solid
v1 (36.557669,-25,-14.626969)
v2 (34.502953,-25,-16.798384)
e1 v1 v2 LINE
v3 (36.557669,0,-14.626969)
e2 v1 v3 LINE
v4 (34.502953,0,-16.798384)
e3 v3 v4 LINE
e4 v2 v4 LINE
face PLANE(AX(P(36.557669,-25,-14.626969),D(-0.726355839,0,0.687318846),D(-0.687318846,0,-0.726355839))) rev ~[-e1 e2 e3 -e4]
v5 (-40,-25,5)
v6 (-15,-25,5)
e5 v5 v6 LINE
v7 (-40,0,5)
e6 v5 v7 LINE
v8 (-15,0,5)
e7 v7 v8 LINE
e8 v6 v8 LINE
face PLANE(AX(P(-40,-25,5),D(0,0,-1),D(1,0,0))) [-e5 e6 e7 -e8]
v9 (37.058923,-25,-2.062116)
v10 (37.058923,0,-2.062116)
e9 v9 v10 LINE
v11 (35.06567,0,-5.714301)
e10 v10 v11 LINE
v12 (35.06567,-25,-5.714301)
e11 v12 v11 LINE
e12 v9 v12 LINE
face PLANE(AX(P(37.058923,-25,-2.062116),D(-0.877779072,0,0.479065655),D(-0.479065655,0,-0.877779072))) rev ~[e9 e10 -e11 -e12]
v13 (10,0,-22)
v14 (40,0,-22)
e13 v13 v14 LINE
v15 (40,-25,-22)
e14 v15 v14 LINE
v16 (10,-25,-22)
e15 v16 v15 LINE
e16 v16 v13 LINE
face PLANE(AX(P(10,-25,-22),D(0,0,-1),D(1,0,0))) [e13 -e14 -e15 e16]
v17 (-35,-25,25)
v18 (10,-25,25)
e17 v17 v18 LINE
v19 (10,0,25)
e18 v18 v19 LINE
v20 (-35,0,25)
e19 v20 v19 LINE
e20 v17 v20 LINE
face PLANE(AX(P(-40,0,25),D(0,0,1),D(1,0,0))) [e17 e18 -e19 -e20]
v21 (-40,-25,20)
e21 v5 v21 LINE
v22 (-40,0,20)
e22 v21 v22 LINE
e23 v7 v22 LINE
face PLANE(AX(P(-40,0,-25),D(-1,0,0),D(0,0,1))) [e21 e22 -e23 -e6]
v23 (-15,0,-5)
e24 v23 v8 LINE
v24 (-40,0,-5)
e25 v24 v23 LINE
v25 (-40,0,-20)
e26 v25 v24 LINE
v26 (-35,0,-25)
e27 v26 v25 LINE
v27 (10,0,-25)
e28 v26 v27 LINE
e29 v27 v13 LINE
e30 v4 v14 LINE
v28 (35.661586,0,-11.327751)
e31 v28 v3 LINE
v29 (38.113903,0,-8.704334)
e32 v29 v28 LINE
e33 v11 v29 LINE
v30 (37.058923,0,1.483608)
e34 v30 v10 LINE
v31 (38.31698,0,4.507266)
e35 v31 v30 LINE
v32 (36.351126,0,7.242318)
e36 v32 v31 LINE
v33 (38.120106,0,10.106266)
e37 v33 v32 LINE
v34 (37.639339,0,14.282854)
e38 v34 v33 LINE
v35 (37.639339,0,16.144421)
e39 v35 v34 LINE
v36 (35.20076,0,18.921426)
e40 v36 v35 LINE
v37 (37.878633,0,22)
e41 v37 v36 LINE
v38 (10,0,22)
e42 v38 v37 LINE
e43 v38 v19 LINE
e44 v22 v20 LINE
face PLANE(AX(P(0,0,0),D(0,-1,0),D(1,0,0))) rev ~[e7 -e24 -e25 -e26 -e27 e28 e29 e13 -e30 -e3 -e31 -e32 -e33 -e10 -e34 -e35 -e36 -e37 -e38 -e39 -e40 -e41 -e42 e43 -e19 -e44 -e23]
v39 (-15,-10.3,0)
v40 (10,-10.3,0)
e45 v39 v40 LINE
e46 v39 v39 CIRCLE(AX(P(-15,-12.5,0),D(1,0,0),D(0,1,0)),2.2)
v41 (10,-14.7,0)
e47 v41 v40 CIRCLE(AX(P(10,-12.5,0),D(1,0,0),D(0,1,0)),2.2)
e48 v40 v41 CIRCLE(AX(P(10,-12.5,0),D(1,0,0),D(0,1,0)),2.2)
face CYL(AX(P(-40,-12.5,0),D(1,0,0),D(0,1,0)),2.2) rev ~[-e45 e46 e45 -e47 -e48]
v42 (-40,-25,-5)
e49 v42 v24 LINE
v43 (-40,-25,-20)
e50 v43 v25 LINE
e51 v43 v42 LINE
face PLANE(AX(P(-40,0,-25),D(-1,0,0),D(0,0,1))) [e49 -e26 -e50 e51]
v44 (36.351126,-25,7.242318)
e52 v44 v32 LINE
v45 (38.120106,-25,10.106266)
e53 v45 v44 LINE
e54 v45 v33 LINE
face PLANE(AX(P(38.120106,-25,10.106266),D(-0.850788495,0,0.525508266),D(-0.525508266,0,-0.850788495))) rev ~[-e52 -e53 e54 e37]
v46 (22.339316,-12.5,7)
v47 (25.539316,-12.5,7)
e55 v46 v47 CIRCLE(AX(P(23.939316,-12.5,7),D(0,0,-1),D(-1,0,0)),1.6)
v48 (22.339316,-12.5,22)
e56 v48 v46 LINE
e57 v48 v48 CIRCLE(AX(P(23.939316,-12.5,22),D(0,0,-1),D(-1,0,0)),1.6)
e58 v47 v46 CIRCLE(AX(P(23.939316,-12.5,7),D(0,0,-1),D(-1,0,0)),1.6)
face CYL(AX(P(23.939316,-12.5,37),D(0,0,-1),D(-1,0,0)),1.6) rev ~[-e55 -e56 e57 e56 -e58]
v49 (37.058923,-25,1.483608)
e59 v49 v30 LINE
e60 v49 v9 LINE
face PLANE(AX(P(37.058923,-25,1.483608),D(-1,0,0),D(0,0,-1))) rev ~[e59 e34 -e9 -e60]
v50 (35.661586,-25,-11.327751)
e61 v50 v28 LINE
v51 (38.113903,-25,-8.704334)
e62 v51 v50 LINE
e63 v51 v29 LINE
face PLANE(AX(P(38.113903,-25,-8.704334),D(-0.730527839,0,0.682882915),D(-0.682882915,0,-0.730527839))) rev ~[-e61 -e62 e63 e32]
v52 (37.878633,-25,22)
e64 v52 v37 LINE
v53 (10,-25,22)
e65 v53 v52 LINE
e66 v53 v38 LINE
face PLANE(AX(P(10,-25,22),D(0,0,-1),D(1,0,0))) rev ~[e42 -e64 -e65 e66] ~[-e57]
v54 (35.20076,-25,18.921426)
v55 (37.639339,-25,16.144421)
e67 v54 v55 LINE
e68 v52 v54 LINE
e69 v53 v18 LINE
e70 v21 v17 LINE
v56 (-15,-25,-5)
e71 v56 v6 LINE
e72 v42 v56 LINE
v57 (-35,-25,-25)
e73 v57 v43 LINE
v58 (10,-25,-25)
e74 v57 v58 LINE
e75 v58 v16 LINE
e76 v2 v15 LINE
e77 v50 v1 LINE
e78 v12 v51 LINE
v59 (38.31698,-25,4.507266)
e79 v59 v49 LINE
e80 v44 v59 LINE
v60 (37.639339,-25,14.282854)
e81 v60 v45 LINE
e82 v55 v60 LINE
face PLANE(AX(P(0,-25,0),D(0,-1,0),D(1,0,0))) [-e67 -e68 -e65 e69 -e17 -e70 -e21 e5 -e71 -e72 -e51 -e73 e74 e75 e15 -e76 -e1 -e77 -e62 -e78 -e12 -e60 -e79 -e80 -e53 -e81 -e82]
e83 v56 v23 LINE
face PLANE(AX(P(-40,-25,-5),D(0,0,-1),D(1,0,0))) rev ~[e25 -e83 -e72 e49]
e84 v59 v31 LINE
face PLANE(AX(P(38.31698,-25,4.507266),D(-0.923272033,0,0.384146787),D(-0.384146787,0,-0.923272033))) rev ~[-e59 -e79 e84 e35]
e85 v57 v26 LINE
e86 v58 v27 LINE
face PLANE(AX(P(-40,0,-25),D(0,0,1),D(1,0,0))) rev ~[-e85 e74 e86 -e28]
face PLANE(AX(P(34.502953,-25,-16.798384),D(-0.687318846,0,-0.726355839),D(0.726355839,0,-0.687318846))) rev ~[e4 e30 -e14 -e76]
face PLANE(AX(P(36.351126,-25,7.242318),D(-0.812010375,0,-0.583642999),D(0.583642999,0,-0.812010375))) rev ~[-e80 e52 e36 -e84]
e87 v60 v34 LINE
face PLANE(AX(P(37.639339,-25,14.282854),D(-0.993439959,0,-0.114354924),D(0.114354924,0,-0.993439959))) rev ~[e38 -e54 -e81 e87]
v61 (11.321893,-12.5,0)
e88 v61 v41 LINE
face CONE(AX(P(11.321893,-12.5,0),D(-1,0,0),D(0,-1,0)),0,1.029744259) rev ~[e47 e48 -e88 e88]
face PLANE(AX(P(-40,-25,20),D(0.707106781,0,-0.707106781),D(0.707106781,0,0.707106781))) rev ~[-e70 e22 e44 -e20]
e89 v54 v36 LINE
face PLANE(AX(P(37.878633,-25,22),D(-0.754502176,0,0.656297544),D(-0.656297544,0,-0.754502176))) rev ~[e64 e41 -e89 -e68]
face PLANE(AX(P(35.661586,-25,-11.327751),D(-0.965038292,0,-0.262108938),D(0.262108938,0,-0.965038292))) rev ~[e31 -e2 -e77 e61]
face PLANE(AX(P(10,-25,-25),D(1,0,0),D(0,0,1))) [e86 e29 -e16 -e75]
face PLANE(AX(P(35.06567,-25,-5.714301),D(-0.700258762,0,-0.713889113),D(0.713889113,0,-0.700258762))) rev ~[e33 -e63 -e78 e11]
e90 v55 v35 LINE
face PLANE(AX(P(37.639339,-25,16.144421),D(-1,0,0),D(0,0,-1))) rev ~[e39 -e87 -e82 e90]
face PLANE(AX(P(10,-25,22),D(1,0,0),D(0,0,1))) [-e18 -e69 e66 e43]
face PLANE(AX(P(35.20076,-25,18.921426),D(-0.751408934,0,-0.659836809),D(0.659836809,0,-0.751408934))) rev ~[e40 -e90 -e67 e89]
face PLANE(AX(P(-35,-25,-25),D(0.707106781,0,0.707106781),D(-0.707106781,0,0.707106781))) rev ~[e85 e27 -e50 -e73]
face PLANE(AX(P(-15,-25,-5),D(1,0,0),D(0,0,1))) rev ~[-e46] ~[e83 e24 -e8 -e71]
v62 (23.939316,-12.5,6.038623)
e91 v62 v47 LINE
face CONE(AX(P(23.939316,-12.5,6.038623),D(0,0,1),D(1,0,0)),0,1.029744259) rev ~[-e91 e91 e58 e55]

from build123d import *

# Parameters (mm, degrees)
F0_W      = 80
F0_H      = 50
F1_DEPTH  = 25
F3_DEPTH  = 25
F4_W      = 25
F4_H      = 10
F5_DEPTH  = 25
F7_D      = 4.4
F7_DEPTH  = 25
F7_TIP    = 1.3218933619
F8_W      = 30
F8_H      = 3
F9_DEPTH  = 25
F11_DEPTH = 25
F13_D     = 3.2
F13_DEPTH = 15
F13_TIP   = 0.9613769904


with BuildPart() as f1:
    # F0 (on Front) → F1 (new body)
    with BuildSketch(Plane.XZ):
        Rectangle(F0_W, F0_H)
    extrude(amount=F1_DEPTH)

    # F2 (on face) → F3 (cut)
    with BuildSketch(Plane.XZ.offset(25)):
        Polygon((-35, -25), (-40, -20), (-40, -25), align=None)
        Polygon((-40, 20), (-35, 25), (-40, 25), align=None)
    extrude(amount=-F3_DEPTH, mode=Mode.SUBTRACT)

    # F4 (on face) → F5 (cut)
    with BuildSketch(Plane.XZ.offset(25)):
        with Locations((-27.5, 0)):
            Rectangle(F4_W, F4_H)
    extrude(amount=-F5_DEPTH, mode=Mode.SUBTRACT)

    # F7
    with Locations(Plane(origin=(-15, 0, 0), x_dir=(0, -1, 0), z_dir=(-1, 0, 0))):
        with Locations((12.5, 0)):
            Hole(F7_D / 2, depth=F7_DEPTH)
            with Locations((0, 0, -(F7_DEPTH + F7_TIP / 2))):  # 118° drill point
                Cone(0, F7_D / 2, F7_TIP, mode=Mode.SUBTRACT)

    # F8 (on face) → F9 (cut)
    with BuildSketch(Plane.XZ.offset(25)):
        with Locations((25, -23.5)):
            Rectangle(F8_W, F8_H)
        with Locations((25, 23.5)):
            Rectangle(F8_W, F8_H)
    extrude(amount=-F9_DEPTH, mode=Mode.SUBTRACT)

    # F10 (on face) → F11 (cut)
    with BuildSketch(Plane.XZ.offset(25)):
        Polygon((34.5029532909, -16.7983844876), (40, -22), (40, 22), (37.8786325455, 22), (35.2007597685, 18.9214255661), (37.6393385231, 16.1444209516), (37.6393385231, 14.2828542739), (38.1201058626, 10.1062655449), (36.3511256874, 7.2423182428), (38.3169800043, 4.507265985), (37.0589233935, 1.4836080372), (37.0589233935, -2.0621158183), (35.0656695664, -5.7143010199), (38.1139032543, -8.7043344975), (35.661585629, -11.3277509809), (36.5576688207, -14.626969239), align=None)
    extrude(amount=-F11_DEPTH, mode=Mode.SUBTRACT)

    # F13
    with Locations(Plane.XY.offset(22)):
        with Locations((23.9393162727, -12.5)):
            Hole(F13_D / 2, depth=F13_DEPTH)
            with Locations((0, 0, -(F13_DEPTH + F13_TIP / 2))):  # 118° drill point
                Cone(0, F13_D / 2, F13_TIP, mode=Mode.SUBTRACT)


solid = f1.part
